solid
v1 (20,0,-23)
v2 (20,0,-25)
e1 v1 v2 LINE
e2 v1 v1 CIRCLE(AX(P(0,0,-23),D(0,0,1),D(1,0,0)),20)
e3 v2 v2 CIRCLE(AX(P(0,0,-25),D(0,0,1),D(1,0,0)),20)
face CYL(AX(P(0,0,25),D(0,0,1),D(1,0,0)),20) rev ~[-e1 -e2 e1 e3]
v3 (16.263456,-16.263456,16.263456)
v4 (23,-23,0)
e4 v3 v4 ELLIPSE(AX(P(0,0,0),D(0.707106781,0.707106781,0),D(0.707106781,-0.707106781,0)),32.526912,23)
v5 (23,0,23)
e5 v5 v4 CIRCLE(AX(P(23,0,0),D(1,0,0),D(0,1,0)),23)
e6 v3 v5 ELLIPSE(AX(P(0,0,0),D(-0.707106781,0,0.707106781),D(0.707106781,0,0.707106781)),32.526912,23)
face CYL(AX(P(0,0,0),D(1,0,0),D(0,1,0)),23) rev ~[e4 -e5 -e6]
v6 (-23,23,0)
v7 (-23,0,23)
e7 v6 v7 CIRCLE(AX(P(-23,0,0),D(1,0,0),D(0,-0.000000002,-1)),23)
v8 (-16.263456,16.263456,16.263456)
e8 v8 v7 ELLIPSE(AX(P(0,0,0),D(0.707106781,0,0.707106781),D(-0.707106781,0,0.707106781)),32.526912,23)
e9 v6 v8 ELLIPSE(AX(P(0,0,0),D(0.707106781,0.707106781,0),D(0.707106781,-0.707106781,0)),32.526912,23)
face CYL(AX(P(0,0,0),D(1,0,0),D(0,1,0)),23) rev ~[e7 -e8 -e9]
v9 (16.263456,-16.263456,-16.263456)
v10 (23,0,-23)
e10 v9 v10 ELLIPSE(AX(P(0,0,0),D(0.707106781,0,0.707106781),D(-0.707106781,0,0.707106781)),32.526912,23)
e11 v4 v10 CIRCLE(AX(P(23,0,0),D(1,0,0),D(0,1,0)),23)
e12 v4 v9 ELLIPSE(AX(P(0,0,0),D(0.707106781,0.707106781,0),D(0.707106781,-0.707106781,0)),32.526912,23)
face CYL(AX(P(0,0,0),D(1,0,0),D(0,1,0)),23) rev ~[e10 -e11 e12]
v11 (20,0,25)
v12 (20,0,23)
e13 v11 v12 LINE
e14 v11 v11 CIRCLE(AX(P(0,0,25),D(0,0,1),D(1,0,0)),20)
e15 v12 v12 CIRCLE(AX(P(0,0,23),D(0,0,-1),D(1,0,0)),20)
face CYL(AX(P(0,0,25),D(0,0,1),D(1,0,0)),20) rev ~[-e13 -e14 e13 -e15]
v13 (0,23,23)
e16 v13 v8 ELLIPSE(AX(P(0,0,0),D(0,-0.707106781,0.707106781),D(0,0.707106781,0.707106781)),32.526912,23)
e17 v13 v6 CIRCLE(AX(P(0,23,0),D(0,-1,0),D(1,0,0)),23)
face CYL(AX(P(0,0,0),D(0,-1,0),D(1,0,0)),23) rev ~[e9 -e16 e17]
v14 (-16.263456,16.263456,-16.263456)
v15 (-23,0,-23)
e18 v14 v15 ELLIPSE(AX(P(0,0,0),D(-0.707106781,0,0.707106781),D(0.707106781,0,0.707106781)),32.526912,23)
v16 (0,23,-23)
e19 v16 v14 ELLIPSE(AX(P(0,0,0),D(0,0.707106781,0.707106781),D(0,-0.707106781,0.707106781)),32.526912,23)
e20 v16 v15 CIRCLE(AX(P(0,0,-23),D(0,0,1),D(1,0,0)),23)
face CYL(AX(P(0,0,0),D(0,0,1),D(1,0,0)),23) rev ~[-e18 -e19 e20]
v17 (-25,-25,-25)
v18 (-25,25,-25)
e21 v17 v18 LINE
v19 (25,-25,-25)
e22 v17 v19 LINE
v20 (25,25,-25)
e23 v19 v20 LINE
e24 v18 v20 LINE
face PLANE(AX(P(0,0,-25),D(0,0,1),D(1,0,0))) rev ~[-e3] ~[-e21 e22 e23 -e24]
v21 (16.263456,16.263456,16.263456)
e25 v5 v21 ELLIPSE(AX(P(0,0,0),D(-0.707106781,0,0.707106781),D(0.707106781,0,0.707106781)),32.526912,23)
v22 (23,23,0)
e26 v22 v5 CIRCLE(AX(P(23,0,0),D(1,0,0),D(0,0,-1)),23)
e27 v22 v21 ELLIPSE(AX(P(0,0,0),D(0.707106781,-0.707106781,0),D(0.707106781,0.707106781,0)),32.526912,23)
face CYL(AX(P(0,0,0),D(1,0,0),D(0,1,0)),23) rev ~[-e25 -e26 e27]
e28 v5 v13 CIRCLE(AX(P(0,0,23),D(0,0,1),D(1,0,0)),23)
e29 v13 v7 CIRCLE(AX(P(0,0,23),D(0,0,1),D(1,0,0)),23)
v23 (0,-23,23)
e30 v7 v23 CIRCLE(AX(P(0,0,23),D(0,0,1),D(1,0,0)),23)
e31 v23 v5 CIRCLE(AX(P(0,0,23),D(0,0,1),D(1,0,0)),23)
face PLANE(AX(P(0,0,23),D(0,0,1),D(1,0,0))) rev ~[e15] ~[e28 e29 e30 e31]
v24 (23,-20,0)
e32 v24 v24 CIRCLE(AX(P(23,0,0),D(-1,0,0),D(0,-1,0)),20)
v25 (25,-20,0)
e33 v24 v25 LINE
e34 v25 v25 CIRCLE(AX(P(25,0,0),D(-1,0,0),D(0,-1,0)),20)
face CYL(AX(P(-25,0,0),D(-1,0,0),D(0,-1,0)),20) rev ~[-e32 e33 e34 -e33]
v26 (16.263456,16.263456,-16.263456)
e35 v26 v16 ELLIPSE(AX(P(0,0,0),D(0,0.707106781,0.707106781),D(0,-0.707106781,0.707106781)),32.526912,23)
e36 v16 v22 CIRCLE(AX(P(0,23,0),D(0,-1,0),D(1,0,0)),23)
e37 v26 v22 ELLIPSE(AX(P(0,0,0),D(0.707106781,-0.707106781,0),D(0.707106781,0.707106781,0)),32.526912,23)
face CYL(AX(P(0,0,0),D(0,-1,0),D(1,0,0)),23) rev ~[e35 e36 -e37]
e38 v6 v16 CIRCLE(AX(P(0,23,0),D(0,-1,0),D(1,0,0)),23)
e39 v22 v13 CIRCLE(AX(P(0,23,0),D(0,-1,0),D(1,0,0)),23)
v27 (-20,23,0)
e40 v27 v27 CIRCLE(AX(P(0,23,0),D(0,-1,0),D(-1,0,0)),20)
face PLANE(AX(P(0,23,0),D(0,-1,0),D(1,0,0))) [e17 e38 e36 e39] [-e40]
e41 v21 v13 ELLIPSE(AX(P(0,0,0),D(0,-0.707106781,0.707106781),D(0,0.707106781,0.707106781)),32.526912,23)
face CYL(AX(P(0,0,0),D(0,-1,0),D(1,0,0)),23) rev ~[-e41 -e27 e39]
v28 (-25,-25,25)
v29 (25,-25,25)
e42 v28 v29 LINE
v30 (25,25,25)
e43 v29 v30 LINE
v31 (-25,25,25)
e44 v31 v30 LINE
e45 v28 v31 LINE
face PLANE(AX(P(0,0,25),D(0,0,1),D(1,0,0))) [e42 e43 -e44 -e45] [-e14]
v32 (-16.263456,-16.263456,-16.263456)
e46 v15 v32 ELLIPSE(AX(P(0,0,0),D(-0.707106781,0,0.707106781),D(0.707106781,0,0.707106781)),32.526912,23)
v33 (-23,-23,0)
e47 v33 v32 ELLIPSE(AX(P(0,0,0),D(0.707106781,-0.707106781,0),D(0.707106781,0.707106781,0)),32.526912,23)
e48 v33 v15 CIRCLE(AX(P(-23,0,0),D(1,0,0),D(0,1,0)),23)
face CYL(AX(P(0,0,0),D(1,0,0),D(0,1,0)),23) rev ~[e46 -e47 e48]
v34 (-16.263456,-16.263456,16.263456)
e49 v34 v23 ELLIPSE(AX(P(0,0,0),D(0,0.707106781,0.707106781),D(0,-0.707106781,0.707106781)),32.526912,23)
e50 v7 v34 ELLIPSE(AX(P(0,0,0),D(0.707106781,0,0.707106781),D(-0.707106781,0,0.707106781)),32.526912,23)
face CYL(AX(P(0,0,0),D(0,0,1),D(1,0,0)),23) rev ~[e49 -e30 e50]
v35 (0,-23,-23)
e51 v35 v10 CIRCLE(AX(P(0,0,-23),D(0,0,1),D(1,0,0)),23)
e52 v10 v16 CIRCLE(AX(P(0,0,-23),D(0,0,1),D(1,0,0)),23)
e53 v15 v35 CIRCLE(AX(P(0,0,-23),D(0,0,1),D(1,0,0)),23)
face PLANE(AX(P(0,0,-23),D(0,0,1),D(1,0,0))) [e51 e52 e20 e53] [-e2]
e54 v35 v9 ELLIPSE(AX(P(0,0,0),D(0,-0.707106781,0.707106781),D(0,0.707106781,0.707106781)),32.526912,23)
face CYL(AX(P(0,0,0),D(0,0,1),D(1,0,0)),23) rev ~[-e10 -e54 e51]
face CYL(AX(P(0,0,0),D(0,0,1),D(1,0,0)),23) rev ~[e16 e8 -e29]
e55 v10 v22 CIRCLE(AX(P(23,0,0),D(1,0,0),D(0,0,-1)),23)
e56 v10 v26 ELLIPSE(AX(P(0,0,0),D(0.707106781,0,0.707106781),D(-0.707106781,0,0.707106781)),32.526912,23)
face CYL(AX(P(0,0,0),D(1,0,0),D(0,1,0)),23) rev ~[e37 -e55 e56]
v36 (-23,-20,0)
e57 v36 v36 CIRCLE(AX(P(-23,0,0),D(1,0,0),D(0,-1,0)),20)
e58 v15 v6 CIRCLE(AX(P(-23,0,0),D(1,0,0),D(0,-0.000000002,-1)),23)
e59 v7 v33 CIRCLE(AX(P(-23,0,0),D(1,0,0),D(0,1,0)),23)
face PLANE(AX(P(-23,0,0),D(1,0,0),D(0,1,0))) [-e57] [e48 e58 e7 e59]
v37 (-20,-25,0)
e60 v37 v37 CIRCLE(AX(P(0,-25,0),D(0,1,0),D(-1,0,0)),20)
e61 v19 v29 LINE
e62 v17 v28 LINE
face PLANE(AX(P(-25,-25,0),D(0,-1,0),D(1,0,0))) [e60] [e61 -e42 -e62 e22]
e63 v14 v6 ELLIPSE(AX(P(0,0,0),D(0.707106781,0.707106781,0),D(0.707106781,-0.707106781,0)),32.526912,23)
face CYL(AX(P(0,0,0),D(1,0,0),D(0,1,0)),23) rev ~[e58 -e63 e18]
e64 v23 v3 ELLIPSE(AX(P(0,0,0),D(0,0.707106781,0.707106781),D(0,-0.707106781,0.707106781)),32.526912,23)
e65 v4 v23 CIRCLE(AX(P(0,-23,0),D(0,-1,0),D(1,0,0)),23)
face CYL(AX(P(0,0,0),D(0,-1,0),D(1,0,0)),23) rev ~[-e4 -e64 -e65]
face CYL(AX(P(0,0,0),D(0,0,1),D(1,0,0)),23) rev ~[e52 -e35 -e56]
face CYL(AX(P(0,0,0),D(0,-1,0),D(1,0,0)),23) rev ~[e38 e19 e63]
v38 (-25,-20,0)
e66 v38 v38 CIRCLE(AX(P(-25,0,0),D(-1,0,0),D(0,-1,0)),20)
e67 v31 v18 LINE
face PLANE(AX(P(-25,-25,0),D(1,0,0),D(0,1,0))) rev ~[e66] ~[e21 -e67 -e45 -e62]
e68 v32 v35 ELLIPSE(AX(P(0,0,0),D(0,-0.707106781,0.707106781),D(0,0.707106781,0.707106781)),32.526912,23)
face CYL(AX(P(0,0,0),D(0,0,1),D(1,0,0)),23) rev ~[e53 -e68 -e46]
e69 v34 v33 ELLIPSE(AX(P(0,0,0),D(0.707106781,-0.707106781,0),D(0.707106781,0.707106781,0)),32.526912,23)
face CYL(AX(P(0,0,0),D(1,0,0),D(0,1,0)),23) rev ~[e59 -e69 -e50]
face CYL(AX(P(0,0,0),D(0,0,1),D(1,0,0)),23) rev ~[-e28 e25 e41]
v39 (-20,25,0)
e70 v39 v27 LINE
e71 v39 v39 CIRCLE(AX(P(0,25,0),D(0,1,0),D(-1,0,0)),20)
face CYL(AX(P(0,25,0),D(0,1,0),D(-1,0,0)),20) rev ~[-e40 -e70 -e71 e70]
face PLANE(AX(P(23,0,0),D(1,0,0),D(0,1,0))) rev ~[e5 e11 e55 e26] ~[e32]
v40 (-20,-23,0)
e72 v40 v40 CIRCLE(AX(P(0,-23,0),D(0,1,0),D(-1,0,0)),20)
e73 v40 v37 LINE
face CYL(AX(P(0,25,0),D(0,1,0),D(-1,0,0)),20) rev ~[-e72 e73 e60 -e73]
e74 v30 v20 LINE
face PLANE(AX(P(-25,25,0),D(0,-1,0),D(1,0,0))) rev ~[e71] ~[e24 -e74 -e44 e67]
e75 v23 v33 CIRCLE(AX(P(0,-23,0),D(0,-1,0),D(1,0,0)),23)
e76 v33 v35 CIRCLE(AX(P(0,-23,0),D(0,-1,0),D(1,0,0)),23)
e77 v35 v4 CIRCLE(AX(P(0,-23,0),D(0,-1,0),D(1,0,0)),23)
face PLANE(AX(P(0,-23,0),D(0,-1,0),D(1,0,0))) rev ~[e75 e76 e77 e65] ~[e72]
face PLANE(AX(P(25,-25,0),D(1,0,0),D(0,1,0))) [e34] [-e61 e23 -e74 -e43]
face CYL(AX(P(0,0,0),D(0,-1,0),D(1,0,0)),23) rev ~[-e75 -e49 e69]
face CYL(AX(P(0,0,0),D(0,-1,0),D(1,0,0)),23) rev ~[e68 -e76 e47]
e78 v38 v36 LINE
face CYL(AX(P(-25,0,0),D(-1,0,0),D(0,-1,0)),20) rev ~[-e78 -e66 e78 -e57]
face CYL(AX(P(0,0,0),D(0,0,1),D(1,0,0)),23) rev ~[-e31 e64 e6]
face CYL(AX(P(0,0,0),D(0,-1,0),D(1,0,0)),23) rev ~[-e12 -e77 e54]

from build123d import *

# Parameters (mm, degrees)
F0_W      = 50
F0_H      = 50
F1_DEPTH  = 25
F2_R      = 20
F3_DEPTH  = 50.001
F4_R      = 20
F5_DEPTH  = 50.001
F6_R      = 20
F7_DEPTH  = 50.001
F8_R      = 23
F9_DEPTH  = 23
F10_R     = 23
F11_DEPTH = 23
F12_R     = 23
F13_DEPTH = 23


with BuildPart() as f1:
    # F0 (on Top) → F1 (new body, symmetric)
    with BuildSketch(Plane.XY):
        Rectangle(F0_W, F0_H)
    extrude(amount=F1_DEPTH, both=True)

    # F2 (on face) → F3 (cut, through all)
    with BuildSketch(Plane(origin=(0, 25, 0), x_dir=(-1, 0, 0), z_dir=(0, 1, 0))):
        Circle(F2_R)
    extrude(amount=-F3_DEPTH, mode=Mode.SUBTRACT)

    # F4 (on face) → F5 (cut, through all)
    with BuildSketch(Plane(origin=(-25, 0, 0), x_dir=(0, -1, 0), z_dir=(-1, 0, 0))):
        Circle(F4_R)
    extrude(amount=-F5_DEPTH, mode=Mode.SUBTRACT)

    # F6 (on face) → F7 (cut, through all)
    with BuildSketch(Plane.XY.offset(25)):
        Circle(F6_R)
    extrude(amount=-F7_DEPTH, mode=Mode.SUBTRACT)

    # F8 (on Top) → F9 (cut, symmetric)
    with BuildSketch(Plane.XY):
        Circle(F8_R)
    extrude(amount=F9_DEPTH, both=True, mode=Mode.SUBTRACT)

    # F10 (on Right) → F11 (cut, symmetric)
    with BuildSketch(Plane.YZ):
        Circle(F10_R)
    extrude(amount=F11_DEPTH, both=True, mode=Mode.SUBTRACT)

    # F12 (on Front) → F13 (cut, symmetric)
    with BuildSketch(Plane.XZ):
        Circle(F12_R)
    extrude(amount=F13_DEPTH, both=True, mode=Mode.SUBTRACT)


solid = f1.part
